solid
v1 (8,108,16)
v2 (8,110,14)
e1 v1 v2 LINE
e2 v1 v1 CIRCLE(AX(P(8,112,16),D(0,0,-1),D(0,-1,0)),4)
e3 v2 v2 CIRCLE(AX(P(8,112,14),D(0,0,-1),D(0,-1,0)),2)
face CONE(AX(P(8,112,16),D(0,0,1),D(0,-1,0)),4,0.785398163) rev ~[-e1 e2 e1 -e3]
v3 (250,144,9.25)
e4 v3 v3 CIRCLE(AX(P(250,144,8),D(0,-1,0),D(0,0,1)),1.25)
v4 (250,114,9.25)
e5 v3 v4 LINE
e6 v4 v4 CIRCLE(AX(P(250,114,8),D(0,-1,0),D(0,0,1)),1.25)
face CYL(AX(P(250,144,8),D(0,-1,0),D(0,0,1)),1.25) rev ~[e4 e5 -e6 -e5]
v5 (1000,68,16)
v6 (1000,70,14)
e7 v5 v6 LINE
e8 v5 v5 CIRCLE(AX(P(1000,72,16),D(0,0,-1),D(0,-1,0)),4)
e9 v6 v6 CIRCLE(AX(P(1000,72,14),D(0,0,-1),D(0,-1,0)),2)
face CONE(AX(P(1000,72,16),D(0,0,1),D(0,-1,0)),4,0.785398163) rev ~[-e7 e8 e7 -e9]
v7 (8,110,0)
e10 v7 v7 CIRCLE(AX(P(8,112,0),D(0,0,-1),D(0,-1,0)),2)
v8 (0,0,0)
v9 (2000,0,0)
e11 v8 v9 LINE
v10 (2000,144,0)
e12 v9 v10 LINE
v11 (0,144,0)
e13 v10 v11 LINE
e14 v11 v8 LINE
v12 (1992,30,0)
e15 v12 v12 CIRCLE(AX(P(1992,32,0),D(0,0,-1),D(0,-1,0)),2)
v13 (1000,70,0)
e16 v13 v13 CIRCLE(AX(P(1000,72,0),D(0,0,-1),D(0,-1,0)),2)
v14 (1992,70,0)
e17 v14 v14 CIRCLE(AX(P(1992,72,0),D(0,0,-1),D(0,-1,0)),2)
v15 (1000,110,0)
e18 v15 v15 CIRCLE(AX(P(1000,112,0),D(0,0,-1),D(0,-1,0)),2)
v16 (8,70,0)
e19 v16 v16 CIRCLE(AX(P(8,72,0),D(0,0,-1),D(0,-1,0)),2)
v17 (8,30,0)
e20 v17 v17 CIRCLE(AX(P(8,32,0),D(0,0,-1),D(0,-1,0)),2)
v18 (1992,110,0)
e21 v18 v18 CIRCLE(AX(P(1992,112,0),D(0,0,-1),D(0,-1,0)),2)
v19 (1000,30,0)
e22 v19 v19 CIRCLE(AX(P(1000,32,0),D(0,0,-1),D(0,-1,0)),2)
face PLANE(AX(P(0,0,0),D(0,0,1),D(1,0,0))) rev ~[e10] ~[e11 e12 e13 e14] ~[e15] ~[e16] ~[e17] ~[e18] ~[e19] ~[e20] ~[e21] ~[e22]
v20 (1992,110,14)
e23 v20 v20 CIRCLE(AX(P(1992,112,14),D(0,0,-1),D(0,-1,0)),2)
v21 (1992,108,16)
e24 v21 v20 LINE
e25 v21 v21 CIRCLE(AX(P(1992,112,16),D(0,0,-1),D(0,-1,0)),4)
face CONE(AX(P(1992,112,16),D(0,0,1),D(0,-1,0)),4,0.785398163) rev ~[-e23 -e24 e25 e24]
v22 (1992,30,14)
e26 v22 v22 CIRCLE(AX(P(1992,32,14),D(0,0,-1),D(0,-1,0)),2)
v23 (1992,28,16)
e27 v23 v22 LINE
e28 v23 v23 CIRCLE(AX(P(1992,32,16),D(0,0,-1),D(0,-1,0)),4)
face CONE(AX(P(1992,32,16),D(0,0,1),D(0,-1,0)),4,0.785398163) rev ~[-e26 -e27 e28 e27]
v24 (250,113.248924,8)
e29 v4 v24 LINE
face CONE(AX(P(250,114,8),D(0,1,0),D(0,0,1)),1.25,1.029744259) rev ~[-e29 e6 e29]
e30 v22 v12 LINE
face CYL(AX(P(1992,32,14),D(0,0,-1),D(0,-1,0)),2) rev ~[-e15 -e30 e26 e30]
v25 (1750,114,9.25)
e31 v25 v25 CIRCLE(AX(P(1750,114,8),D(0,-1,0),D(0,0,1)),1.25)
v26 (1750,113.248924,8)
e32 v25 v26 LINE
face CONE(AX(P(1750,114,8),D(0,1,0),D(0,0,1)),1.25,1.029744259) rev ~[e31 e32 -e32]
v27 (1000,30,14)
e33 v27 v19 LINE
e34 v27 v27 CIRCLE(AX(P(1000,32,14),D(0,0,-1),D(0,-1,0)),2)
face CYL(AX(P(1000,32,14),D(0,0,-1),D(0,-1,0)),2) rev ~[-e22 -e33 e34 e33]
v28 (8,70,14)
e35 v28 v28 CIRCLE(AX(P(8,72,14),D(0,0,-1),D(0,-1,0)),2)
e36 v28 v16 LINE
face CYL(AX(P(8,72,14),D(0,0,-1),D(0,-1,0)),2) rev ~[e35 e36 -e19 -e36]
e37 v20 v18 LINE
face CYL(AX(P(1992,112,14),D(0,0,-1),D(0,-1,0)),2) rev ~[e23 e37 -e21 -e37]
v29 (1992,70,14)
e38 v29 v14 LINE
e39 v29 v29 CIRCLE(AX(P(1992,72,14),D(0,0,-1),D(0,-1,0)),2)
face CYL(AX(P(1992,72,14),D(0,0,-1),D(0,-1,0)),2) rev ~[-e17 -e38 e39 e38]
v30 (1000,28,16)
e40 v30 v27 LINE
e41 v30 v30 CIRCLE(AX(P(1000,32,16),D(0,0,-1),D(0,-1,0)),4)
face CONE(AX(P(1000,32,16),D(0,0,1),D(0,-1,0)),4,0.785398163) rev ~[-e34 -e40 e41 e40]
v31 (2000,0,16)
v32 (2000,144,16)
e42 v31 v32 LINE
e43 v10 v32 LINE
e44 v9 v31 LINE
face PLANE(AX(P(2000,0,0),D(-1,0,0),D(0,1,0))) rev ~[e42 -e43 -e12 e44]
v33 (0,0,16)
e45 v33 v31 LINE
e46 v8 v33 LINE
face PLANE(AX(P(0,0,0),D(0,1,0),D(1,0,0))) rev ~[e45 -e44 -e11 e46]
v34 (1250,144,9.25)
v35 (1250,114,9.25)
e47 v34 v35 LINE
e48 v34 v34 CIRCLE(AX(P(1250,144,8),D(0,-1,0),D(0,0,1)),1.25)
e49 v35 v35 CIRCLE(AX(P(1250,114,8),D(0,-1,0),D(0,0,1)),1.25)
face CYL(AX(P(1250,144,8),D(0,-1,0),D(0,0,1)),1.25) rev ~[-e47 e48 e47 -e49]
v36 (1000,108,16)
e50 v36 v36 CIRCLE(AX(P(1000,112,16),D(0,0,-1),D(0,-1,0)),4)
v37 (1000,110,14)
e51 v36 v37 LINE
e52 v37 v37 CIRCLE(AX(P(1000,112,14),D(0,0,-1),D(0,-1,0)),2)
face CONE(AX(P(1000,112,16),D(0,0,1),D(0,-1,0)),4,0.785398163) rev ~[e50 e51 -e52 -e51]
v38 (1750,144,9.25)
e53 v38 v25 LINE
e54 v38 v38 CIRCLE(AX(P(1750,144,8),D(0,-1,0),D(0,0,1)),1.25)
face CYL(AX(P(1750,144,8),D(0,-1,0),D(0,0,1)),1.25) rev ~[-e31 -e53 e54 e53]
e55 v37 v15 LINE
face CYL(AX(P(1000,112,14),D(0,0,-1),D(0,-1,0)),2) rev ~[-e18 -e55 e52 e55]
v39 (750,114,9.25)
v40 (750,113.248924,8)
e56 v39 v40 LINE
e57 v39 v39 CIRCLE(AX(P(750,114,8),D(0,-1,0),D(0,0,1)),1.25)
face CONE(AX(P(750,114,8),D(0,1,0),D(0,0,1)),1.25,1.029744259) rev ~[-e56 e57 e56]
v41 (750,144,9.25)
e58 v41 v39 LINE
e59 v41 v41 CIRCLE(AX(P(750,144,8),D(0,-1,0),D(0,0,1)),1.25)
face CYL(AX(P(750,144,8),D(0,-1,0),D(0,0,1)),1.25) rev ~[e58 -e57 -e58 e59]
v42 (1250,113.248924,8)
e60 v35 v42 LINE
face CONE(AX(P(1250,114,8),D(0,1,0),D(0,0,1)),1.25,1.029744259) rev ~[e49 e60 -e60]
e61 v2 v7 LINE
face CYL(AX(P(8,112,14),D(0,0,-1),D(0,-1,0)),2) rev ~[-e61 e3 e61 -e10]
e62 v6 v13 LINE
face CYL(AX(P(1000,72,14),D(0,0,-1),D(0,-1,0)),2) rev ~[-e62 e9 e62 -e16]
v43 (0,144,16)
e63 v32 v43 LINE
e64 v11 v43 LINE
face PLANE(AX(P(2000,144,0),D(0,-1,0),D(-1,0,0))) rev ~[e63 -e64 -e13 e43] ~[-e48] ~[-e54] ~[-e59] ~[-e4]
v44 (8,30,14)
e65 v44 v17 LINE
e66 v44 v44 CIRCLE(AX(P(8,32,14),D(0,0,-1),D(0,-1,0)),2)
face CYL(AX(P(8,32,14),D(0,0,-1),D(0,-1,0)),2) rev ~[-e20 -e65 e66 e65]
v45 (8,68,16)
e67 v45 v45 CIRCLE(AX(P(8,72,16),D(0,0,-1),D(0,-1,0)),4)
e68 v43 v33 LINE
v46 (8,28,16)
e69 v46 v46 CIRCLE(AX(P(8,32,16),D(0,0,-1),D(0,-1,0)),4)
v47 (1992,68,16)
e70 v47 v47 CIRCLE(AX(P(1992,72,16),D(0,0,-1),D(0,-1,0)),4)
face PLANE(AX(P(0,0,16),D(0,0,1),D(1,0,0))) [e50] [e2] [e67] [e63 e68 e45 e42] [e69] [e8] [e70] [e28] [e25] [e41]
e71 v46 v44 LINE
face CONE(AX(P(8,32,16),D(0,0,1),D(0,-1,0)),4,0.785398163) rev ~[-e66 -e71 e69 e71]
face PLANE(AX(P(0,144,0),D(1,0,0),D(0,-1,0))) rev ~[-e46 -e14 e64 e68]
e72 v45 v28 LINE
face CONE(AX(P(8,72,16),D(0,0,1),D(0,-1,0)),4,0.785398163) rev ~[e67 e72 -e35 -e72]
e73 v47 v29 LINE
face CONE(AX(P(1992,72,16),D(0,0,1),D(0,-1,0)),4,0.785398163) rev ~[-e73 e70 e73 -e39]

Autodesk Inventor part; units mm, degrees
ref_plane "YZ Plane" through (0, 0, 0) normal (1, 0, 0) x (0, 1, 0)
ref_plane "XZ Plane" through (0, 0, 0) normal (0, 1, 0) x (-1, 0, 0)
ref_plane "XY Plane" through (0, 0, 0) normal (0, 0, 1) x (1, 0, 0)
sketch "Skizze1" plane through (0, 0, 0) normal (0, 0, 1) x (1, 0, 0)
  line L0 (0, 0) -> (2000, 0)
  line L1 (2000, 0) -> (2000, 144)
  line L2 (2000, 144) -> (0, 144)
  line L3 (0, 144) -> (0, 0)
  line L4 (1000, 0) -> (1000, 144) construction
  line L5 (1992, 144) -> (1992, 0) construction
  line L6 (2000, 112) -> (0, 112) construction
  line L7 (2000, 32) -> (0, 32) construction
  circle A0 centre (1992, 112) radius 1.5
  circle A1 centre (1992, 32) radius 1.5
  line L8 (8, 144) -> (8, 0) construction
  circle A2 centre (8, 112) radius 1.5
  circle A3 centre (8, 72) radius 1.5
  circle A4 centre (8, 32) radius 1.5
  circle A5 centre (1992, 72) radius 1.5
  circle A6 centre (1000, 72) radius 1.5
  circle A7 centre (1000, 112) radius 1.5
  circle A8 centre (1000, 32) radius 1.5
  point P0 (2000, 72)
  dimension "d0" = 2000
  dimension "d1" = 144
  dimension "d20" = 8
  dimension "d21" = 40
  dimension "d22" = 40
  dimension "d23" = 3
  dimension "d24" = 3
  dimension "d25" = 8
  dimension "d26" = 3
  dimension "d27" = 3
  dimension "d28" = 3
  dimension "d29" = 3
  dimension "d30" = 3
  dimension "d31" = 3
  dimension "d32" = 3
extrude "Extrusion1" add sketch "Skizze1" along normal blind 16
sketch "Skizze3" plane through (0, 144, 0) normal (0, 1, 0) x (1, 0, 0)
  line L0 (0, 0) -> (2000, 0) construction
  line L1 (2000, 0) -> (2000, -16) construction
  line L2 (2000, -16) -> (0, -16) construction
  line L3 (0, -16) -> (0, 0) construction
  line L4 (0, 0) -> (0, -16) projected
  line L5 (0, -8) -> (2000, -8) construction
  line L6 (2000, 0) -> (2000, -16) projected
  line L7 (0, -16) -> (2000, -16) construction
  line L8 (1000, -16) -> (1000, 0) construction
  point P0 (750, -8)
  point P1 (250, -8)
  point P2 (1250, -8)
  point P3 (1750, -8)
  dimension "d120" = 250
  dimension "d121" = 250
  dimension "d122" = 250
  dimension "d123" = 250
hole "Bohrung12" at (750, 144, 8) at (250, 144, 8) at (1250, 144, 8) at (1750, 144, 8) direction (0, -1, 0) diameter 2.5 depth 30 tip angle 118
sketch "Skizze2" plane through (0, 0, 16) normal (0, 0, 1) x (1, 0, 0)
  circle A0 centre (1000, 72) radius 1.5 projected
  circle A1 centre (1992, 112) radius 1.5 projected
  circle A2 centre (1992, 72) radius 1.5 projected
  circle A3 centre (1992, 32) radius 1.5 projected
  circle A4 centre (8, 72) radius 1.5 projected
  circle A5 centre (8, 112) radius 1.5 projected
  circle A6 centre (8, 32) radius 1.5 projected
  circle A7 centre (1000, 32) radius 1.5 projected
  circle A8 centre (1000, 112) radius 1.5 projected
  point P0 (0, 0)
hole "Bohrung7" at (1000, 72, 16) at (1992, 112, 16) at (1992, 72, 16) at (1992, 32, 16) at (8, 72, 16) at (8, 32, 16) at (8, 112, 16) at (1000, 112, 16) at (1000, 32, 16) direction (0, 0, -1) diameter 4 end through all countersink diameter 8 countersink angle 90
properties part number "licht_200_back" material "Spanplatte"
